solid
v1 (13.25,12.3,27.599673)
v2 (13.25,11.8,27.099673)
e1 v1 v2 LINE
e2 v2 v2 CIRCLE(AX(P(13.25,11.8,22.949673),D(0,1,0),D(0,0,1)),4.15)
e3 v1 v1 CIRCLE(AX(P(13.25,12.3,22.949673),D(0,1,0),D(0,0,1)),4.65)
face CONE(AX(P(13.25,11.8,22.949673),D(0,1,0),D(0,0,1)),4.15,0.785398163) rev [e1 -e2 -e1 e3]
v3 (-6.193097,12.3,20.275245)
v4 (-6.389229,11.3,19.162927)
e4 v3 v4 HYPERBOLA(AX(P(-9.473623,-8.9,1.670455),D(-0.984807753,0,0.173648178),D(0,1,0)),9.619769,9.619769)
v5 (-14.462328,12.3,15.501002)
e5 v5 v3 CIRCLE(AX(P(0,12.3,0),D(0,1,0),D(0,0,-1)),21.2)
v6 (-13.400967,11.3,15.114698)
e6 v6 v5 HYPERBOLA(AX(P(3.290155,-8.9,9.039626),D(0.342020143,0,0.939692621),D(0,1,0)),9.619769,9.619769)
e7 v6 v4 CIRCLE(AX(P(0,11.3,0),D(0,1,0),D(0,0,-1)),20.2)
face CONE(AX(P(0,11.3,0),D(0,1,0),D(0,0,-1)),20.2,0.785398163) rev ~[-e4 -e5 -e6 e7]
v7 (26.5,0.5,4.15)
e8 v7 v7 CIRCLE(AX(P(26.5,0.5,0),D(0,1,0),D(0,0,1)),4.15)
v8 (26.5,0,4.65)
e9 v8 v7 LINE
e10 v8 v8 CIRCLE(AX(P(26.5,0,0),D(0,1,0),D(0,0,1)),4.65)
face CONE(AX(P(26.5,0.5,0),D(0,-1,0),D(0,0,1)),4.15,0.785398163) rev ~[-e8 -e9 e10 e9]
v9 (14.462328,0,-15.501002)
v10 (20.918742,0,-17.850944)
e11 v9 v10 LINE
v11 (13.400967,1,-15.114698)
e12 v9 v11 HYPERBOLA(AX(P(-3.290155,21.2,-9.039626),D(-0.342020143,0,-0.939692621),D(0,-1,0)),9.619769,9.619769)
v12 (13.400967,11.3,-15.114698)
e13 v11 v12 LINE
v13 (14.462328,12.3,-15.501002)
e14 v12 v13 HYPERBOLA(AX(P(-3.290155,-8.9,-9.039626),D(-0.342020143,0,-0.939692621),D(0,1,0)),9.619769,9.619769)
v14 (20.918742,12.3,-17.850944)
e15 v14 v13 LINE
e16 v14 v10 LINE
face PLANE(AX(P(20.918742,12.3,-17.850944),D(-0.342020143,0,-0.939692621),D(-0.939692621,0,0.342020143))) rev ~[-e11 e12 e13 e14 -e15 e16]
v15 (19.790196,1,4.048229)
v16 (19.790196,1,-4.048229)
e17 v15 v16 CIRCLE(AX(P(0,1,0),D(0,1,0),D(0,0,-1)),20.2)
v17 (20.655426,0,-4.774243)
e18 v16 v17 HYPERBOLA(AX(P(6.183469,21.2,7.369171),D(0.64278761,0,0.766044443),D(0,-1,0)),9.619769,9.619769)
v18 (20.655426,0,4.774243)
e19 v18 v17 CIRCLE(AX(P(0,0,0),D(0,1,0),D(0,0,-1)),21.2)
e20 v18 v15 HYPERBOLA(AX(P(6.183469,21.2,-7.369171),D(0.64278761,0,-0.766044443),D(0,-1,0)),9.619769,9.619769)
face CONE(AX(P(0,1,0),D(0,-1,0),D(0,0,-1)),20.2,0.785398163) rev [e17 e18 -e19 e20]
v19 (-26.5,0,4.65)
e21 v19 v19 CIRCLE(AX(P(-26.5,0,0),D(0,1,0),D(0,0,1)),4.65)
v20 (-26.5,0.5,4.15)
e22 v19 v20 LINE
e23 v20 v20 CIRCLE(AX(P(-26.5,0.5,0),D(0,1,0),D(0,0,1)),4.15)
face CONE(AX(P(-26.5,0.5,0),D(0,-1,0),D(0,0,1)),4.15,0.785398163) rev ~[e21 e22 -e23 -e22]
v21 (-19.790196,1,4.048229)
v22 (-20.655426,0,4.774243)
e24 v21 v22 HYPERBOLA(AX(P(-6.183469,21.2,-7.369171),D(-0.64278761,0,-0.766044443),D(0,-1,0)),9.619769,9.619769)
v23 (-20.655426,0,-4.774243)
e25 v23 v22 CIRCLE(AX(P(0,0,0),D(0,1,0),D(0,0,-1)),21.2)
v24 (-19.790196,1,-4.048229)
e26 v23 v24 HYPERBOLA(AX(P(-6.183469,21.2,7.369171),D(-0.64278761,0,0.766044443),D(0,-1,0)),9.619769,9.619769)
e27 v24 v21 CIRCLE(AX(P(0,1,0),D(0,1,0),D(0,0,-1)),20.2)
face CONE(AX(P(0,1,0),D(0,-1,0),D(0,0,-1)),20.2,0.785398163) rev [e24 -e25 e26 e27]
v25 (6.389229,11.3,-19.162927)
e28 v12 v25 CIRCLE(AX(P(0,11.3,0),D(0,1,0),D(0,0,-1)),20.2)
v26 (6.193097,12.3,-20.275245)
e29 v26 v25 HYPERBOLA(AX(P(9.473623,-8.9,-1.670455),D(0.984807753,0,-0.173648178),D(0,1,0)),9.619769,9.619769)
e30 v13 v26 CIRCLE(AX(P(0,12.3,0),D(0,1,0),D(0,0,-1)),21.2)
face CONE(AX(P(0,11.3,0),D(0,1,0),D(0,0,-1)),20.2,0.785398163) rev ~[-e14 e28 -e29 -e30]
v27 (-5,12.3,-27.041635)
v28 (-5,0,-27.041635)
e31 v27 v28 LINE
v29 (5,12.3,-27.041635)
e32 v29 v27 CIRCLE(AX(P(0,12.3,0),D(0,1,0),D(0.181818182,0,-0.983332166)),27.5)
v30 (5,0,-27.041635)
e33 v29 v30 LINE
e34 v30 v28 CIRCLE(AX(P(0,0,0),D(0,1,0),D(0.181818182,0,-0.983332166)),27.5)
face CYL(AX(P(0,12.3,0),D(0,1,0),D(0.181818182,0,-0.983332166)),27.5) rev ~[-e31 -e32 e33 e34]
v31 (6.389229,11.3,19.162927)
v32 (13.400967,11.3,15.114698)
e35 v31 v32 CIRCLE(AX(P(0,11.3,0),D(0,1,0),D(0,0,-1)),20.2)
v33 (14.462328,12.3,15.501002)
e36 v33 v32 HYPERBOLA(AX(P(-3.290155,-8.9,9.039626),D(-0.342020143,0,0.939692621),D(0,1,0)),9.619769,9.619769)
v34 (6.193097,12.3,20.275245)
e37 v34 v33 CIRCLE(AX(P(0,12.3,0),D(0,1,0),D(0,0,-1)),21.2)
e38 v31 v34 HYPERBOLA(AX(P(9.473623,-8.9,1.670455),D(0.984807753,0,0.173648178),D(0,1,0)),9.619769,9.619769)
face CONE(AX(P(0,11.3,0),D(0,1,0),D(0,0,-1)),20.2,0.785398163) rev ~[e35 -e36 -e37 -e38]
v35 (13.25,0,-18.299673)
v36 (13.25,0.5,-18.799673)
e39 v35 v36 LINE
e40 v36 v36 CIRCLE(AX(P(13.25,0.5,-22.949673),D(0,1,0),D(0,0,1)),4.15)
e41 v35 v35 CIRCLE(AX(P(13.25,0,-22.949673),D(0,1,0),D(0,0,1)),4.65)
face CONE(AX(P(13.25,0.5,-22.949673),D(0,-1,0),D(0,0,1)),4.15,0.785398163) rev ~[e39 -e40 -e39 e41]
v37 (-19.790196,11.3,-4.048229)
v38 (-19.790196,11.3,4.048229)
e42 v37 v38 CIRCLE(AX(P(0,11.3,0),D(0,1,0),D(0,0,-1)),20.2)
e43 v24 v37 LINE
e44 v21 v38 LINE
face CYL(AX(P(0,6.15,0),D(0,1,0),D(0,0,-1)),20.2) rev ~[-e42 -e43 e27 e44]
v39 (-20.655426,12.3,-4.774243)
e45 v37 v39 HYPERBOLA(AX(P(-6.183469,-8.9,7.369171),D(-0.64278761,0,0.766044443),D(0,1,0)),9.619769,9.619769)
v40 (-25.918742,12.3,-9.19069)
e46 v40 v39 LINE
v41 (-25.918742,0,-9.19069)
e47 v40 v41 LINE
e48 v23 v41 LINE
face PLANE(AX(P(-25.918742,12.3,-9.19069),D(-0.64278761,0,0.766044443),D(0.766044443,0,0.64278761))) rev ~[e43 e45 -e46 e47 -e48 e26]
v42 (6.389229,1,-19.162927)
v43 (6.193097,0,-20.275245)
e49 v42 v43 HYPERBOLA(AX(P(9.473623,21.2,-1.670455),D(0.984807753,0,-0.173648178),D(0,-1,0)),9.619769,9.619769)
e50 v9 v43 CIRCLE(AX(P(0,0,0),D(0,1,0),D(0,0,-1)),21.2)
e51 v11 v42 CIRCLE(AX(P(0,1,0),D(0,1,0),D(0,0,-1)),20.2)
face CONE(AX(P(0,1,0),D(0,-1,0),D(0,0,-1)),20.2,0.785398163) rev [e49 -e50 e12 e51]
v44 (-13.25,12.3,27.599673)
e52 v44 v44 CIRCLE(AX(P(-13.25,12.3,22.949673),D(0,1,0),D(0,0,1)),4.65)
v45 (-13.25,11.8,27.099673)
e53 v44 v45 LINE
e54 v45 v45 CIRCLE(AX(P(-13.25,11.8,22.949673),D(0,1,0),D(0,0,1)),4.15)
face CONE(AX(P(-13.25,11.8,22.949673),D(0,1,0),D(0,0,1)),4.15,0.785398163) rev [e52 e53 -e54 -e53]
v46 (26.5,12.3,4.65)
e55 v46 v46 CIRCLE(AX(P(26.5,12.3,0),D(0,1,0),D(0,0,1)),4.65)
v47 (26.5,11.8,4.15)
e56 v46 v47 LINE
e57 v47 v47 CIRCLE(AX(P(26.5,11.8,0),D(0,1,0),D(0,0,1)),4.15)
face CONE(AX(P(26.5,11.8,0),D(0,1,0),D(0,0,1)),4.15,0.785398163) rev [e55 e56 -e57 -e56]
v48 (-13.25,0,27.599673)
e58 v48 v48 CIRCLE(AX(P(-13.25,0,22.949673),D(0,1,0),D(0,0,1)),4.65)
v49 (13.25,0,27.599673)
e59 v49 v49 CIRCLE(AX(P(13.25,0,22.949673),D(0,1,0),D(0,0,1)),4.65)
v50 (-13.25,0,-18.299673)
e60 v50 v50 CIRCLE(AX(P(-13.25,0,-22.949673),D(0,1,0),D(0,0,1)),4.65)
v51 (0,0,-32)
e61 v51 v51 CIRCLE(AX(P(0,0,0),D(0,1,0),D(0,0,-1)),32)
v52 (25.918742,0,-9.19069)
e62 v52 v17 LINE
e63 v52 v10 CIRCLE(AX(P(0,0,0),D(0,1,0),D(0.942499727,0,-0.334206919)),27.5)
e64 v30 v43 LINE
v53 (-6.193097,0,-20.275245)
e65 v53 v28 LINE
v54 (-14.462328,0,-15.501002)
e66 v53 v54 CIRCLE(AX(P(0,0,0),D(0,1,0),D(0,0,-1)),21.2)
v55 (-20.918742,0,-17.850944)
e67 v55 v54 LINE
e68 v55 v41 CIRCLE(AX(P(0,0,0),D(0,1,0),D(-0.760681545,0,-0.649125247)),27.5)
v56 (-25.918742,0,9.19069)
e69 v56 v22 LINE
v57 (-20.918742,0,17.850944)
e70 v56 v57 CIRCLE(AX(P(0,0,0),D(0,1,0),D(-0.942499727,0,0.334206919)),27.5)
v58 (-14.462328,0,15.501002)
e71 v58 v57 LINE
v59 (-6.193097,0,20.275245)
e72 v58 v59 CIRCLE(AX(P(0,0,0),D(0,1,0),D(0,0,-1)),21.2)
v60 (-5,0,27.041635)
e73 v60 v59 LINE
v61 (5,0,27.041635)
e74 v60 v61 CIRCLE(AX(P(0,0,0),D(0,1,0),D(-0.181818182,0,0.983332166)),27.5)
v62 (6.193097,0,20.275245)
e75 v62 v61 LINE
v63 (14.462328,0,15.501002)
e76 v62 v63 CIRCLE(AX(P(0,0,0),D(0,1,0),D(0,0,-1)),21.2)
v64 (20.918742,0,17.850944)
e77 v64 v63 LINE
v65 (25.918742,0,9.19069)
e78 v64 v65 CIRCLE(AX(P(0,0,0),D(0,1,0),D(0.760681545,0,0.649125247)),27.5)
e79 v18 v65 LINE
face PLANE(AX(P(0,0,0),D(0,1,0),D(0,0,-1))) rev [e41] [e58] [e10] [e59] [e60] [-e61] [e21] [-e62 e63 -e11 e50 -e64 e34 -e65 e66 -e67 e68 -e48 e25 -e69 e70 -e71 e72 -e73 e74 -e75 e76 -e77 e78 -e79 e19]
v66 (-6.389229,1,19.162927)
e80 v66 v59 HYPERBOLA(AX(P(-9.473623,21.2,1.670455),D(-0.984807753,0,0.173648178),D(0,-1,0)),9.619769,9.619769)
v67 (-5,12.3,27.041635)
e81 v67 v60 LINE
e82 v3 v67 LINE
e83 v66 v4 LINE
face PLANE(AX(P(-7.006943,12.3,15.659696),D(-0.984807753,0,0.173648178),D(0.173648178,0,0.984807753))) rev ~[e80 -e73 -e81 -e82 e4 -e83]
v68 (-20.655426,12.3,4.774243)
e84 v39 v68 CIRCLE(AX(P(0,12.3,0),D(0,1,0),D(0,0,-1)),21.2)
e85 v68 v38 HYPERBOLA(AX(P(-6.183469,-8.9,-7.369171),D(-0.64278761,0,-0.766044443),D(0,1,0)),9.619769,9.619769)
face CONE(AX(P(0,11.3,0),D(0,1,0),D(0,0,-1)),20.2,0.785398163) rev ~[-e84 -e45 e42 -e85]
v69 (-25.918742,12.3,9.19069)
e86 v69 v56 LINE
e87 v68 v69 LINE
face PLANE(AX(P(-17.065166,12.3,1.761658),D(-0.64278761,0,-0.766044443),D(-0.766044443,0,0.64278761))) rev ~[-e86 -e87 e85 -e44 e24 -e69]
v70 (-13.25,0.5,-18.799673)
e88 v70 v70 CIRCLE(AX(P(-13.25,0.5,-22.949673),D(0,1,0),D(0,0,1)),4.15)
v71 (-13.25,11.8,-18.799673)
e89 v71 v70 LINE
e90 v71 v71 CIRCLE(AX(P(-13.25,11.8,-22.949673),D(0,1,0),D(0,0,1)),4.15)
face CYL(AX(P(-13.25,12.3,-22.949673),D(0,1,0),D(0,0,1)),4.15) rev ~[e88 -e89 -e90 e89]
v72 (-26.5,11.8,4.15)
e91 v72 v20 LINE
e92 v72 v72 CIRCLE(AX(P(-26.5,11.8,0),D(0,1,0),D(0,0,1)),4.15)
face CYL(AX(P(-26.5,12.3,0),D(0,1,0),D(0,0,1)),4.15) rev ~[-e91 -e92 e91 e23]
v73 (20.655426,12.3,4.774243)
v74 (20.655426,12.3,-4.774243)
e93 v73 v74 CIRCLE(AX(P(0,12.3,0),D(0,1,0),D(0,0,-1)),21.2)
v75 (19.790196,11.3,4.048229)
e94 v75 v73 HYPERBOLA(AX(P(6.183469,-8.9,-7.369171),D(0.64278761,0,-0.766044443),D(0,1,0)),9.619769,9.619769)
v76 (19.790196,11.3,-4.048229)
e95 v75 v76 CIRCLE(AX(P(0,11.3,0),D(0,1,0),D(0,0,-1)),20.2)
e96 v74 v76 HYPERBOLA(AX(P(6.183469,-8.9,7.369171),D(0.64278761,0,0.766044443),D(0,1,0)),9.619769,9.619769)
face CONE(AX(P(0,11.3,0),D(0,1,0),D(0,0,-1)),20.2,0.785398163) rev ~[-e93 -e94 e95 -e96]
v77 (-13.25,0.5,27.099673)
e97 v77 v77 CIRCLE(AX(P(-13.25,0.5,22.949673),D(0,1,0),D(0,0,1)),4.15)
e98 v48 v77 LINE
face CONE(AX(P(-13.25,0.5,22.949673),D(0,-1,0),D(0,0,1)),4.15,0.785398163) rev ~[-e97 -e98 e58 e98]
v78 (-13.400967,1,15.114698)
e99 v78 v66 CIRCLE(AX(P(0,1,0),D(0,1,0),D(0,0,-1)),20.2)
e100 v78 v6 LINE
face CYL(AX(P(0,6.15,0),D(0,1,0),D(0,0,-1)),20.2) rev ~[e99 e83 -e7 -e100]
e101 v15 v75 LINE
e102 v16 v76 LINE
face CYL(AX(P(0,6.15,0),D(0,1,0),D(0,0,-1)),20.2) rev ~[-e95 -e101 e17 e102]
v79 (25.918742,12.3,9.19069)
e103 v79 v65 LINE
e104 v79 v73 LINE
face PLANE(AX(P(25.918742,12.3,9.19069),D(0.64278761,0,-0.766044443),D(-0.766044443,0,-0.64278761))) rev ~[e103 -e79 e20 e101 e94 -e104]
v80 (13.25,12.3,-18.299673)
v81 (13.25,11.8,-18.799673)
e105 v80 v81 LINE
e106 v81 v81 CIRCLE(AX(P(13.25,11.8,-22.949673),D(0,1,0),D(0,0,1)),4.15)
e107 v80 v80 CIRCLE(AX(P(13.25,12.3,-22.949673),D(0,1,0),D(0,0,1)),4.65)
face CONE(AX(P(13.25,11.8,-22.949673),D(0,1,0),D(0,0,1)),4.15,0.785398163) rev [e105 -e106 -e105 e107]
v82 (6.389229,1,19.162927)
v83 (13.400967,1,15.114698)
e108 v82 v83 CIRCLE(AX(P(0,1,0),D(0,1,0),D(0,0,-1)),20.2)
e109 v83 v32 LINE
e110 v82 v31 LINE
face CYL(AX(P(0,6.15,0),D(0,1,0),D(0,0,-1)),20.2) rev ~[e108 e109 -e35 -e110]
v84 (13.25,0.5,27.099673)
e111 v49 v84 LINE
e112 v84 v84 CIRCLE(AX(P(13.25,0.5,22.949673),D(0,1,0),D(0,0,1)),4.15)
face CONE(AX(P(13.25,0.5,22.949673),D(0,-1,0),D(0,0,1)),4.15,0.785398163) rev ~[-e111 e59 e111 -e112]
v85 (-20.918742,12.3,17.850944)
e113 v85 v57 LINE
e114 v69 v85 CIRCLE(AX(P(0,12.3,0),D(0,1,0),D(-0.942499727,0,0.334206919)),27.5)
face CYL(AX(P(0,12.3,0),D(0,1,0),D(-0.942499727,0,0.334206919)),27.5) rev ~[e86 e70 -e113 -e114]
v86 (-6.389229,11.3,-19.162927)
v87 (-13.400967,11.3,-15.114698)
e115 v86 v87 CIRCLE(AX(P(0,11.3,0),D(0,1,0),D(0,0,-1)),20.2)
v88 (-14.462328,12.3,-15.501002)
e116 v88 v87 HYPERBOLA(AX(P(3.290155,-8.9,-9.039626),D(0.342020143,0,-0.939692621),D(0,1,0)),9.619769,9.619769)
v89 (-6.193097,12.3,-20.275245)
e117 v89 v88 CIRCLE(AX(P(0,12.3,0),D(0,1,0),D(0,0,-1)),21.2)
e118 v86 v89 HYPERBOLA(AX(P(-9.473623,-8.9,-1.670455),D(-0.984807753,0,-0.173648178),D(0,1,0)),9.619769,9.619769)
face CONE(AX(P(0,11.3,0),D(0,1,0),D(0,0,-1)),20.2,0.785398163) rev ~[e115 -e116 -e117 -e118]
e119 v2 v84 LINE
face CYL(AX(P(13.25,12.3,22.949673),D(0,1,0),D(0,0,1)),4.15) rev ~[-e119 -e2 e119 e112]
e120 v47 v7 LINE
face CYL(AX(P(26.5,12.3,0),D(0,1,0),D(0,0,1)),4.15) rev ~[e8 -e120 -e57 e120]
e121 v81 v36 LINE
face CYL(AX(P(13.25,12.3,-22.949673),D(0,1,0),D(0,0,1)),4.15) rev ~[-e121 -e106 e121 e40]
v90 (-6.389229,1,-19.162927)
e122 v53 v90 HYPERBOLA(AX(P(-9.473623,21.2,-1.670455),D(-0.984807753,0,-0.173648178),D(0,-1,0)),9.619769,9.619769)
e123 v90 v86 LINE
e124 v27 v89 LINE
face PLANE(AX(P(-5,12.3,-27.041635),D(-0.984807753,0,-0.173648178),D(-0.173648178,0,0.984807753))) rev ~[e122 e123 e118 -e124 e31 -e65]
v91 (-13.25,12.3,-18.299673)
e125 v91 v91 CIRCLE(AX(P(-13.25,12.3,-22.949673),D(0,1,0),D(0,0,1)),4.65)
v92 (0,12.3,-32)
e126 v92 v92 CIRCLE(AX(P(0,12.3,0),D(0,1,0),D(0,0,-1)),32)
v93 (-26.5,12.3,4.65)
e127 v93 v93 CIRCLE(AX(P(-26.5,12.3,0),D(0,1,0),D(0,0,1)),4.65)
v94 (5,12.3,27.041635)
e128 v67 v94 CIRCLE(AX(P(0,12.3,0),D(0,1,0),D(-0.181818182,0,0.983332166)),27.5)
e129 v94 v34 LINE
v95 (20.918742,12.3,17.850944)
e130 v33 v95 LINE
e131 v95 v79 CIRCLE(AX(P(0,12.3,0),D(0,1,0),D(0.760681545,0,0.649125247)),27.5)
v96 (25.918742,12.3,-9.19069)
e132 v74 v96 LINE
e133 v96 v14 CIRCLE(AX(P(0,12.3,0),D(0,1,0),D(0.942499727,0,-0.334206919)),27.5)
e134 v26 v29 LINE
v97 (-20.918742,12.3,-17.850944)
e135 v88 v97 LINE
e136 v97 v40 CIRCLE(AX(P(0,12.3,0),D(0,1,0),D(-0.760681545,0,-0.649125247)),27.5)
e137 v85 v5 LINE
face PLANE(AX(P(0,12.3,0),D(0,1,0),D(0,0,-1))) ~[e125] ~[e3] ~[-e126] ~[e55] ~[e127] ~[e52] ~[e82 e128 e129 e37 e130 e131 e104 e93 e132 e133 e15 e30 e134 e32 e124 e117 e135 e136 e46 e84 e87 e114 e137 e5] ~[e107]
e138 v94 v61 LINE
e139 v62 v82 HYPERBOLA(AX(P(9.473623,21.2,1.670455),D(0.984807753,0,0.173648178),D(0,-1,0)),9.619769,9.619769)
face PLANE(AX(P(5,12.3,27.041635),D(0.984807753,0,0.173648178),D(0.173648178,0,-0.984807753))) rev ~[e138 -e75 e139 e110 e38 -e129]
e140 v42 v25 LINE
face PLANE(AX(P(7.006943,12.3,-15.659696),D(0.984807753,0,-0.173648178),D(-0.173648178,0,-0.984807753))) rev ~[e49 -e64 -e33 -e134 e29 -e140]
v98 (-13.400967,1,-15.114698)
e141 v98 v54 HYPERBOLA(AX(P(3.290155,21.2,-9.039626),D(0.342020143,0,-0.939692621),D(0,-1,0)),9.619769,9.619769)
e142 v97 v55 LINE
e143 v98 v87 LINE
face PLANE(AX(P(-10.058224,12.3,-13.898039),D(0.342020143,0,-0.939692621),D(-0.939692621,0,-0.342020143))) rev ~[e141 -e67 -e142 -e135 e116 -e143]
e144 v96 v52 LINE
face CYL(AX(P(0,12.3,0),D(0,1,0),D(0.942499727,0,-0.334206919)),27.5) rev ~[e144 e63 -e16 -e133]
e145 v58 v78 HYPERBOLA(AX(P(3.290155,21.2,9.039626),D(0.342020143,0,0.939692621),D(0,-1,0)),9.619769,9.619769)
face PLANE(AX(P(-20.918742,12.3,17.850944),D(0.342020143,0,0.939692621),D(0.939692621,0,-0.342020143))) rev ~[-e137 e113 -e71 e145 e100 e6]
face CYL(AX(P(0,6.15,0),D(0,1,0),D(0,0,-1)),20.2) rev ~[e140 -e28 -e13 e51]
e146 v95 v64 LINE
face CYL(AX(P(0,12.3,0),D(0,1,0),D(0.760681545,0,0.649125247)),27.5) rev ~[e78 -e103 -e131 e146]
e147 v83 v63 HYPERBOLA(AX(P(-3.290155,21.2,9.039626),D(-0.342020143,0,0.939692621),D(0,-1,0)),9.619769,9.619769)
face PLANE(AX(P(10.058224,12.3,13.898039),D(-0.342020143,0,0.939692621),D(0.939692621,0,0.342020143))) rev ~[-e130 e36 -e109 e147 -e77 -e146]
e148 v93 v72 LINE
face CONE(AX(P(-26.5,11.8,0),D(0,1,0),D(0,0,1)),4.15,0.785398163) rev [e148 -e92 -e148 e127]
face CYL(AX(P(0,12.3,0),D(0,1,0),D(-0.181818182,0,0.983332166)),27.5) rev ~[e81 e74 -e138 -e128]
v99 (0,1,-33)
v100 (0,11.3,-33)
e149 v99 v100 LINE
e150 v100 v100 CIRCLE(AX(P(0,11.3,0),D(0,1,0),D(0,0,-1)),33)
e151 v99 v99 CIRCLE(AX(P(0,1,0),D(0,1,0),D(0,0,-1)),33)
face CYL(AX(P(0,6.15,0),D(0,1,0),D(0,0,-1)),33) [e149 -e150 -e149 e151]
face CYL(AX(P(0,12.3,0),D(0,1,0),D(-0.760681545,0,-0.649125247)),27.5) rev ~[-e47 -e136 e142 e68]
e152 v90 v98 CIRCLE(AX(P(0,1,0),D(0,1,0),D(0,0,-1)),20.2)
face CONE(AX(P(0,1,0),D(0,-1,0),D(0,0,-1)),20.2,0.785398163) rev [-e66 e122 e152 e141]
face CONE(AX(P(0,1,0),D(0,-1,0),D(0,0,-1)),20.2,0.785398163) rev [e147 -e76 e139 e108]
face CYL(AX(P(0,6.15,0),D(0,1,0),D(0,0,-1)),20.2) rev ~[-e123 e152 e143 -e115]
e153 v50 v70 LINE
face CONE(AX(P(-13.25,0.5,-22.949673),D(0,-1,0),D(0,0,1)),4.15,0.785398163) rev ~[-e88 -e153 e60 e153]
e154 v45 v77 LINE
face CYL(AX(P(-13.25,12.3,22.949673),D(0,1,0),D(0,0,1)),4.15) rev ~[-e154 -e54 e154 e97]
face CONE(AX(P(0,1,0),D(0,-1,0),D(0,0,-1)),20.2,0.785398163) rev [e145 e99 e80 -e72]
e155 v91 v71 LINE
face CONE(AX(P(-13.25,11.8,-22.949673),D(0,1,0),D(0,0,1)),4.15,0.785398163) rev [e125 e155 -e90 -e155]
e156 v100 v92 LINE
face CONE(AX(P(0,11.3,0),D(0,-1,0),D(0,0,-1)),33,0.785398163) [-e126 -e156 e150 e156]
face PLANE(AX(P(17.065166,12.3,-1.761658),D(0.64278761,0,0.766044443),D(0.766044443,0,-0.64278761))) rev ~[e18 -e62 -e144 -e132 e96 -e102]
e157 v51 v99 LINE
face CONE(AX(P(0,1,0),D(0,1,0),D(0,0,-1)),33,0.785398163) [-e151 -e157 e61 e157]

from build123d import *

# Parameters (mm, degrees)
ESBO_O1_W             = 12.8
ESBO_O1_H             = 12.3
CHANFRO1_SIZE         = 1
CORTE_EXTRUS_O1_DEPTH = 49.262718531
ESBO_O3_R             = 4.15
CORTE_EXTRUS_O2_DEPTH = 49.262718531
CHANFRO2_SIZE         = 0.5


with BuildPart() as part:
    # Esboço1 → Revolução1 (revolve)
    with BuildSketch(Plane.XY, mode=Mode.PRIVATE) as revolu_o1_sk:
        with Locations((26.6, 6.15)):
            Rectangle(ESBO_O1_W, ESBO_O1_H)
    revolve(revolu_o1_sk.sketch.rotate(Axis((0, -47.977777778, 0), (0, 1, 0)), 90), axis=Axis((0, -47.977777778, 0), (0, 1, 0)))

    # Chanfro1
    chanfro1_edges = [part.edges().sort_by_distance(p)[0] for p in [
        (0, 0, 33),
        (0, 0, 20.2),
        (0, 12.3, 20.2),
        (0, 12.3, 33),
    ]]
    chamfer(chanfro1_edges, length=CHANFRO1_SIZE)

    # Esboço2 → Corte-extrusão1 (cut, through all)
    with BuildSketch(Plane(origin=(0, 12.3, 0), x_dir=(1, 0, 0), z_dir=(0, 1, 0))):
        with BuildLine():
            Line((20.918742494, 17.850944302), (10.058223509, 13.898038663))
            Line((10.058223509, 13.898038663), (17.065166299, 1.761657744))
            Line((17.065166299, 1.761657744), (25.918742494, 9.190690264))
            ThreePointArc((25.918742494, 9.190690264), (23.815698604, 13.75), (20.918742494, 17.850944302))
        make_face()
        with BuildLine():
            Line((-5, 27.041634566), (-7.00694279, 15.659696407))
            Line((-7.00694279, 15.659696407), (7.00694279, 15.659696407))
            Line((7.00694279, 15.659696407), (5, 27.041634566))
            ThreePointArc((5, 27.041634566), (0, 27.5), (-5, 27.041634566))
        make_face()
        with BuildLine():
            Line((25.918742494, -9.190690264), (17.065166299, -1.761657744))
            Line((17.065166299, -1.761657744), (10.058223509, -13.898038663))
            Line((10.058223509, -13.898038663), (20.918742494, -17.850944302))
            ThreePointArc((20.918742494, -17.850944302), (23.815698604, -13.75), (25.918742494, -9.190690264))
        make_face()
        with BuildLine():
            Line((5, -27.041634566), (7.00694279, -15.659696407))
            Line((7.00694279, -15.659696407), (-7.00694279, -15.659696407))
            Line((-7.00694279, -15.659696407), (-5, -27.041634566))
            ThreePointArc((-5, -27.041634566), (0, -27.5), (5, -27.041634566))
        make_face()
        with BuildLine():
            Line((-20.918742494, -17.850944302), (-10.058223509, -13.898038663))
            Line((-10.058223509, -13.898038663), (-17.065166299, -1.761657744))
            Line((-17.065166299, -1.761657744), (-25.918742494, -9.190690264))
            ThreePointArc((-25.918742494, -9.190690264), (-23.815698604, -13.75), (-20.918742494, -17.850944302))
        make_face()
        with BuildLine():
            Line((-25.918742494, 9.190690264), (-17.065166299, 1.761657744))
            Line((-17.065166299, 1.761657744), (-10.058223509, 13.898038663))
            Line((-10.058223509, 13.898038663), (-20.918742494, 17.850944302))
            ThreePointArc((-20.918742494, 17.850944302), (-23.815698604, 13.75), (-25.918742494, 9.190690264))
        make_face()
    extrude(amount=-CORTE_EXTRUS_O1_DEPTH, mode=Mode.SUBTRACT)

    # Esboço3 → Corte-extrusão2 (cut, through all)
    with BuildSketch(Plane(origin=(0, 12.3, 0), x_dir=(1, 0, 0), z_dir=(0, 1, 0))):
        with Locations(Location((-26.5, 0, 0), (0, 0, 270))):
            Circle(ESBO_O3_R)
        with Locations(Location((-13.25, 22.9496732, 0), (0, 0, 270))):
            Circle(ESBO_O3_R)
        with Locations(Location((13.25, 22.9496732, 0), (0, 0, 270))):
            Circle(ESBO_O3_R)
        with Locations(Location((26.5, 0, 0), (0, 0, 270))):
            Circle(ESBO_O3_R)
        with Locations(Location((13.25, -22.9496732, 0), (0, 0, 270))):
            Circle(ESBO_O3_R)
        with Locations(Location((-13.25, -22.9496732, 0), (0, 0, 270))):
            Circle(ESBO_O3_R)
    extrude(amount=-CORTE_EXTRUS_O2_DEPTH, mode=Mode.SUBTRACT)

    # Chanfro2
    chanfro2_edges = [part.edges().sort_by_distance(p)[0] for p in [
        (-26.5, 0, -4.15),
        (-26.5, 12.3, -4.15),
        (-13.25, 0, -27.0996732),
        (-13.25, 12.3, -27.0996732),
        (13.25, 0, -27.0996732),
        (13.25, 12.3, -27.0996732),
        (26.5, 0, -4.15),
        (26.5, 12.3, -4.15),
        (13.25, 0, 18.7996732),
        (13.25, 12.3, 18.7996732),
        (-13.25, 0, 18.7996732),
        (-13.25, 12.3, 18.7996732),
    ]]
    chamfer(chanfro2_edges, length=CHANFRO2_SIZE)


solid = part.part
